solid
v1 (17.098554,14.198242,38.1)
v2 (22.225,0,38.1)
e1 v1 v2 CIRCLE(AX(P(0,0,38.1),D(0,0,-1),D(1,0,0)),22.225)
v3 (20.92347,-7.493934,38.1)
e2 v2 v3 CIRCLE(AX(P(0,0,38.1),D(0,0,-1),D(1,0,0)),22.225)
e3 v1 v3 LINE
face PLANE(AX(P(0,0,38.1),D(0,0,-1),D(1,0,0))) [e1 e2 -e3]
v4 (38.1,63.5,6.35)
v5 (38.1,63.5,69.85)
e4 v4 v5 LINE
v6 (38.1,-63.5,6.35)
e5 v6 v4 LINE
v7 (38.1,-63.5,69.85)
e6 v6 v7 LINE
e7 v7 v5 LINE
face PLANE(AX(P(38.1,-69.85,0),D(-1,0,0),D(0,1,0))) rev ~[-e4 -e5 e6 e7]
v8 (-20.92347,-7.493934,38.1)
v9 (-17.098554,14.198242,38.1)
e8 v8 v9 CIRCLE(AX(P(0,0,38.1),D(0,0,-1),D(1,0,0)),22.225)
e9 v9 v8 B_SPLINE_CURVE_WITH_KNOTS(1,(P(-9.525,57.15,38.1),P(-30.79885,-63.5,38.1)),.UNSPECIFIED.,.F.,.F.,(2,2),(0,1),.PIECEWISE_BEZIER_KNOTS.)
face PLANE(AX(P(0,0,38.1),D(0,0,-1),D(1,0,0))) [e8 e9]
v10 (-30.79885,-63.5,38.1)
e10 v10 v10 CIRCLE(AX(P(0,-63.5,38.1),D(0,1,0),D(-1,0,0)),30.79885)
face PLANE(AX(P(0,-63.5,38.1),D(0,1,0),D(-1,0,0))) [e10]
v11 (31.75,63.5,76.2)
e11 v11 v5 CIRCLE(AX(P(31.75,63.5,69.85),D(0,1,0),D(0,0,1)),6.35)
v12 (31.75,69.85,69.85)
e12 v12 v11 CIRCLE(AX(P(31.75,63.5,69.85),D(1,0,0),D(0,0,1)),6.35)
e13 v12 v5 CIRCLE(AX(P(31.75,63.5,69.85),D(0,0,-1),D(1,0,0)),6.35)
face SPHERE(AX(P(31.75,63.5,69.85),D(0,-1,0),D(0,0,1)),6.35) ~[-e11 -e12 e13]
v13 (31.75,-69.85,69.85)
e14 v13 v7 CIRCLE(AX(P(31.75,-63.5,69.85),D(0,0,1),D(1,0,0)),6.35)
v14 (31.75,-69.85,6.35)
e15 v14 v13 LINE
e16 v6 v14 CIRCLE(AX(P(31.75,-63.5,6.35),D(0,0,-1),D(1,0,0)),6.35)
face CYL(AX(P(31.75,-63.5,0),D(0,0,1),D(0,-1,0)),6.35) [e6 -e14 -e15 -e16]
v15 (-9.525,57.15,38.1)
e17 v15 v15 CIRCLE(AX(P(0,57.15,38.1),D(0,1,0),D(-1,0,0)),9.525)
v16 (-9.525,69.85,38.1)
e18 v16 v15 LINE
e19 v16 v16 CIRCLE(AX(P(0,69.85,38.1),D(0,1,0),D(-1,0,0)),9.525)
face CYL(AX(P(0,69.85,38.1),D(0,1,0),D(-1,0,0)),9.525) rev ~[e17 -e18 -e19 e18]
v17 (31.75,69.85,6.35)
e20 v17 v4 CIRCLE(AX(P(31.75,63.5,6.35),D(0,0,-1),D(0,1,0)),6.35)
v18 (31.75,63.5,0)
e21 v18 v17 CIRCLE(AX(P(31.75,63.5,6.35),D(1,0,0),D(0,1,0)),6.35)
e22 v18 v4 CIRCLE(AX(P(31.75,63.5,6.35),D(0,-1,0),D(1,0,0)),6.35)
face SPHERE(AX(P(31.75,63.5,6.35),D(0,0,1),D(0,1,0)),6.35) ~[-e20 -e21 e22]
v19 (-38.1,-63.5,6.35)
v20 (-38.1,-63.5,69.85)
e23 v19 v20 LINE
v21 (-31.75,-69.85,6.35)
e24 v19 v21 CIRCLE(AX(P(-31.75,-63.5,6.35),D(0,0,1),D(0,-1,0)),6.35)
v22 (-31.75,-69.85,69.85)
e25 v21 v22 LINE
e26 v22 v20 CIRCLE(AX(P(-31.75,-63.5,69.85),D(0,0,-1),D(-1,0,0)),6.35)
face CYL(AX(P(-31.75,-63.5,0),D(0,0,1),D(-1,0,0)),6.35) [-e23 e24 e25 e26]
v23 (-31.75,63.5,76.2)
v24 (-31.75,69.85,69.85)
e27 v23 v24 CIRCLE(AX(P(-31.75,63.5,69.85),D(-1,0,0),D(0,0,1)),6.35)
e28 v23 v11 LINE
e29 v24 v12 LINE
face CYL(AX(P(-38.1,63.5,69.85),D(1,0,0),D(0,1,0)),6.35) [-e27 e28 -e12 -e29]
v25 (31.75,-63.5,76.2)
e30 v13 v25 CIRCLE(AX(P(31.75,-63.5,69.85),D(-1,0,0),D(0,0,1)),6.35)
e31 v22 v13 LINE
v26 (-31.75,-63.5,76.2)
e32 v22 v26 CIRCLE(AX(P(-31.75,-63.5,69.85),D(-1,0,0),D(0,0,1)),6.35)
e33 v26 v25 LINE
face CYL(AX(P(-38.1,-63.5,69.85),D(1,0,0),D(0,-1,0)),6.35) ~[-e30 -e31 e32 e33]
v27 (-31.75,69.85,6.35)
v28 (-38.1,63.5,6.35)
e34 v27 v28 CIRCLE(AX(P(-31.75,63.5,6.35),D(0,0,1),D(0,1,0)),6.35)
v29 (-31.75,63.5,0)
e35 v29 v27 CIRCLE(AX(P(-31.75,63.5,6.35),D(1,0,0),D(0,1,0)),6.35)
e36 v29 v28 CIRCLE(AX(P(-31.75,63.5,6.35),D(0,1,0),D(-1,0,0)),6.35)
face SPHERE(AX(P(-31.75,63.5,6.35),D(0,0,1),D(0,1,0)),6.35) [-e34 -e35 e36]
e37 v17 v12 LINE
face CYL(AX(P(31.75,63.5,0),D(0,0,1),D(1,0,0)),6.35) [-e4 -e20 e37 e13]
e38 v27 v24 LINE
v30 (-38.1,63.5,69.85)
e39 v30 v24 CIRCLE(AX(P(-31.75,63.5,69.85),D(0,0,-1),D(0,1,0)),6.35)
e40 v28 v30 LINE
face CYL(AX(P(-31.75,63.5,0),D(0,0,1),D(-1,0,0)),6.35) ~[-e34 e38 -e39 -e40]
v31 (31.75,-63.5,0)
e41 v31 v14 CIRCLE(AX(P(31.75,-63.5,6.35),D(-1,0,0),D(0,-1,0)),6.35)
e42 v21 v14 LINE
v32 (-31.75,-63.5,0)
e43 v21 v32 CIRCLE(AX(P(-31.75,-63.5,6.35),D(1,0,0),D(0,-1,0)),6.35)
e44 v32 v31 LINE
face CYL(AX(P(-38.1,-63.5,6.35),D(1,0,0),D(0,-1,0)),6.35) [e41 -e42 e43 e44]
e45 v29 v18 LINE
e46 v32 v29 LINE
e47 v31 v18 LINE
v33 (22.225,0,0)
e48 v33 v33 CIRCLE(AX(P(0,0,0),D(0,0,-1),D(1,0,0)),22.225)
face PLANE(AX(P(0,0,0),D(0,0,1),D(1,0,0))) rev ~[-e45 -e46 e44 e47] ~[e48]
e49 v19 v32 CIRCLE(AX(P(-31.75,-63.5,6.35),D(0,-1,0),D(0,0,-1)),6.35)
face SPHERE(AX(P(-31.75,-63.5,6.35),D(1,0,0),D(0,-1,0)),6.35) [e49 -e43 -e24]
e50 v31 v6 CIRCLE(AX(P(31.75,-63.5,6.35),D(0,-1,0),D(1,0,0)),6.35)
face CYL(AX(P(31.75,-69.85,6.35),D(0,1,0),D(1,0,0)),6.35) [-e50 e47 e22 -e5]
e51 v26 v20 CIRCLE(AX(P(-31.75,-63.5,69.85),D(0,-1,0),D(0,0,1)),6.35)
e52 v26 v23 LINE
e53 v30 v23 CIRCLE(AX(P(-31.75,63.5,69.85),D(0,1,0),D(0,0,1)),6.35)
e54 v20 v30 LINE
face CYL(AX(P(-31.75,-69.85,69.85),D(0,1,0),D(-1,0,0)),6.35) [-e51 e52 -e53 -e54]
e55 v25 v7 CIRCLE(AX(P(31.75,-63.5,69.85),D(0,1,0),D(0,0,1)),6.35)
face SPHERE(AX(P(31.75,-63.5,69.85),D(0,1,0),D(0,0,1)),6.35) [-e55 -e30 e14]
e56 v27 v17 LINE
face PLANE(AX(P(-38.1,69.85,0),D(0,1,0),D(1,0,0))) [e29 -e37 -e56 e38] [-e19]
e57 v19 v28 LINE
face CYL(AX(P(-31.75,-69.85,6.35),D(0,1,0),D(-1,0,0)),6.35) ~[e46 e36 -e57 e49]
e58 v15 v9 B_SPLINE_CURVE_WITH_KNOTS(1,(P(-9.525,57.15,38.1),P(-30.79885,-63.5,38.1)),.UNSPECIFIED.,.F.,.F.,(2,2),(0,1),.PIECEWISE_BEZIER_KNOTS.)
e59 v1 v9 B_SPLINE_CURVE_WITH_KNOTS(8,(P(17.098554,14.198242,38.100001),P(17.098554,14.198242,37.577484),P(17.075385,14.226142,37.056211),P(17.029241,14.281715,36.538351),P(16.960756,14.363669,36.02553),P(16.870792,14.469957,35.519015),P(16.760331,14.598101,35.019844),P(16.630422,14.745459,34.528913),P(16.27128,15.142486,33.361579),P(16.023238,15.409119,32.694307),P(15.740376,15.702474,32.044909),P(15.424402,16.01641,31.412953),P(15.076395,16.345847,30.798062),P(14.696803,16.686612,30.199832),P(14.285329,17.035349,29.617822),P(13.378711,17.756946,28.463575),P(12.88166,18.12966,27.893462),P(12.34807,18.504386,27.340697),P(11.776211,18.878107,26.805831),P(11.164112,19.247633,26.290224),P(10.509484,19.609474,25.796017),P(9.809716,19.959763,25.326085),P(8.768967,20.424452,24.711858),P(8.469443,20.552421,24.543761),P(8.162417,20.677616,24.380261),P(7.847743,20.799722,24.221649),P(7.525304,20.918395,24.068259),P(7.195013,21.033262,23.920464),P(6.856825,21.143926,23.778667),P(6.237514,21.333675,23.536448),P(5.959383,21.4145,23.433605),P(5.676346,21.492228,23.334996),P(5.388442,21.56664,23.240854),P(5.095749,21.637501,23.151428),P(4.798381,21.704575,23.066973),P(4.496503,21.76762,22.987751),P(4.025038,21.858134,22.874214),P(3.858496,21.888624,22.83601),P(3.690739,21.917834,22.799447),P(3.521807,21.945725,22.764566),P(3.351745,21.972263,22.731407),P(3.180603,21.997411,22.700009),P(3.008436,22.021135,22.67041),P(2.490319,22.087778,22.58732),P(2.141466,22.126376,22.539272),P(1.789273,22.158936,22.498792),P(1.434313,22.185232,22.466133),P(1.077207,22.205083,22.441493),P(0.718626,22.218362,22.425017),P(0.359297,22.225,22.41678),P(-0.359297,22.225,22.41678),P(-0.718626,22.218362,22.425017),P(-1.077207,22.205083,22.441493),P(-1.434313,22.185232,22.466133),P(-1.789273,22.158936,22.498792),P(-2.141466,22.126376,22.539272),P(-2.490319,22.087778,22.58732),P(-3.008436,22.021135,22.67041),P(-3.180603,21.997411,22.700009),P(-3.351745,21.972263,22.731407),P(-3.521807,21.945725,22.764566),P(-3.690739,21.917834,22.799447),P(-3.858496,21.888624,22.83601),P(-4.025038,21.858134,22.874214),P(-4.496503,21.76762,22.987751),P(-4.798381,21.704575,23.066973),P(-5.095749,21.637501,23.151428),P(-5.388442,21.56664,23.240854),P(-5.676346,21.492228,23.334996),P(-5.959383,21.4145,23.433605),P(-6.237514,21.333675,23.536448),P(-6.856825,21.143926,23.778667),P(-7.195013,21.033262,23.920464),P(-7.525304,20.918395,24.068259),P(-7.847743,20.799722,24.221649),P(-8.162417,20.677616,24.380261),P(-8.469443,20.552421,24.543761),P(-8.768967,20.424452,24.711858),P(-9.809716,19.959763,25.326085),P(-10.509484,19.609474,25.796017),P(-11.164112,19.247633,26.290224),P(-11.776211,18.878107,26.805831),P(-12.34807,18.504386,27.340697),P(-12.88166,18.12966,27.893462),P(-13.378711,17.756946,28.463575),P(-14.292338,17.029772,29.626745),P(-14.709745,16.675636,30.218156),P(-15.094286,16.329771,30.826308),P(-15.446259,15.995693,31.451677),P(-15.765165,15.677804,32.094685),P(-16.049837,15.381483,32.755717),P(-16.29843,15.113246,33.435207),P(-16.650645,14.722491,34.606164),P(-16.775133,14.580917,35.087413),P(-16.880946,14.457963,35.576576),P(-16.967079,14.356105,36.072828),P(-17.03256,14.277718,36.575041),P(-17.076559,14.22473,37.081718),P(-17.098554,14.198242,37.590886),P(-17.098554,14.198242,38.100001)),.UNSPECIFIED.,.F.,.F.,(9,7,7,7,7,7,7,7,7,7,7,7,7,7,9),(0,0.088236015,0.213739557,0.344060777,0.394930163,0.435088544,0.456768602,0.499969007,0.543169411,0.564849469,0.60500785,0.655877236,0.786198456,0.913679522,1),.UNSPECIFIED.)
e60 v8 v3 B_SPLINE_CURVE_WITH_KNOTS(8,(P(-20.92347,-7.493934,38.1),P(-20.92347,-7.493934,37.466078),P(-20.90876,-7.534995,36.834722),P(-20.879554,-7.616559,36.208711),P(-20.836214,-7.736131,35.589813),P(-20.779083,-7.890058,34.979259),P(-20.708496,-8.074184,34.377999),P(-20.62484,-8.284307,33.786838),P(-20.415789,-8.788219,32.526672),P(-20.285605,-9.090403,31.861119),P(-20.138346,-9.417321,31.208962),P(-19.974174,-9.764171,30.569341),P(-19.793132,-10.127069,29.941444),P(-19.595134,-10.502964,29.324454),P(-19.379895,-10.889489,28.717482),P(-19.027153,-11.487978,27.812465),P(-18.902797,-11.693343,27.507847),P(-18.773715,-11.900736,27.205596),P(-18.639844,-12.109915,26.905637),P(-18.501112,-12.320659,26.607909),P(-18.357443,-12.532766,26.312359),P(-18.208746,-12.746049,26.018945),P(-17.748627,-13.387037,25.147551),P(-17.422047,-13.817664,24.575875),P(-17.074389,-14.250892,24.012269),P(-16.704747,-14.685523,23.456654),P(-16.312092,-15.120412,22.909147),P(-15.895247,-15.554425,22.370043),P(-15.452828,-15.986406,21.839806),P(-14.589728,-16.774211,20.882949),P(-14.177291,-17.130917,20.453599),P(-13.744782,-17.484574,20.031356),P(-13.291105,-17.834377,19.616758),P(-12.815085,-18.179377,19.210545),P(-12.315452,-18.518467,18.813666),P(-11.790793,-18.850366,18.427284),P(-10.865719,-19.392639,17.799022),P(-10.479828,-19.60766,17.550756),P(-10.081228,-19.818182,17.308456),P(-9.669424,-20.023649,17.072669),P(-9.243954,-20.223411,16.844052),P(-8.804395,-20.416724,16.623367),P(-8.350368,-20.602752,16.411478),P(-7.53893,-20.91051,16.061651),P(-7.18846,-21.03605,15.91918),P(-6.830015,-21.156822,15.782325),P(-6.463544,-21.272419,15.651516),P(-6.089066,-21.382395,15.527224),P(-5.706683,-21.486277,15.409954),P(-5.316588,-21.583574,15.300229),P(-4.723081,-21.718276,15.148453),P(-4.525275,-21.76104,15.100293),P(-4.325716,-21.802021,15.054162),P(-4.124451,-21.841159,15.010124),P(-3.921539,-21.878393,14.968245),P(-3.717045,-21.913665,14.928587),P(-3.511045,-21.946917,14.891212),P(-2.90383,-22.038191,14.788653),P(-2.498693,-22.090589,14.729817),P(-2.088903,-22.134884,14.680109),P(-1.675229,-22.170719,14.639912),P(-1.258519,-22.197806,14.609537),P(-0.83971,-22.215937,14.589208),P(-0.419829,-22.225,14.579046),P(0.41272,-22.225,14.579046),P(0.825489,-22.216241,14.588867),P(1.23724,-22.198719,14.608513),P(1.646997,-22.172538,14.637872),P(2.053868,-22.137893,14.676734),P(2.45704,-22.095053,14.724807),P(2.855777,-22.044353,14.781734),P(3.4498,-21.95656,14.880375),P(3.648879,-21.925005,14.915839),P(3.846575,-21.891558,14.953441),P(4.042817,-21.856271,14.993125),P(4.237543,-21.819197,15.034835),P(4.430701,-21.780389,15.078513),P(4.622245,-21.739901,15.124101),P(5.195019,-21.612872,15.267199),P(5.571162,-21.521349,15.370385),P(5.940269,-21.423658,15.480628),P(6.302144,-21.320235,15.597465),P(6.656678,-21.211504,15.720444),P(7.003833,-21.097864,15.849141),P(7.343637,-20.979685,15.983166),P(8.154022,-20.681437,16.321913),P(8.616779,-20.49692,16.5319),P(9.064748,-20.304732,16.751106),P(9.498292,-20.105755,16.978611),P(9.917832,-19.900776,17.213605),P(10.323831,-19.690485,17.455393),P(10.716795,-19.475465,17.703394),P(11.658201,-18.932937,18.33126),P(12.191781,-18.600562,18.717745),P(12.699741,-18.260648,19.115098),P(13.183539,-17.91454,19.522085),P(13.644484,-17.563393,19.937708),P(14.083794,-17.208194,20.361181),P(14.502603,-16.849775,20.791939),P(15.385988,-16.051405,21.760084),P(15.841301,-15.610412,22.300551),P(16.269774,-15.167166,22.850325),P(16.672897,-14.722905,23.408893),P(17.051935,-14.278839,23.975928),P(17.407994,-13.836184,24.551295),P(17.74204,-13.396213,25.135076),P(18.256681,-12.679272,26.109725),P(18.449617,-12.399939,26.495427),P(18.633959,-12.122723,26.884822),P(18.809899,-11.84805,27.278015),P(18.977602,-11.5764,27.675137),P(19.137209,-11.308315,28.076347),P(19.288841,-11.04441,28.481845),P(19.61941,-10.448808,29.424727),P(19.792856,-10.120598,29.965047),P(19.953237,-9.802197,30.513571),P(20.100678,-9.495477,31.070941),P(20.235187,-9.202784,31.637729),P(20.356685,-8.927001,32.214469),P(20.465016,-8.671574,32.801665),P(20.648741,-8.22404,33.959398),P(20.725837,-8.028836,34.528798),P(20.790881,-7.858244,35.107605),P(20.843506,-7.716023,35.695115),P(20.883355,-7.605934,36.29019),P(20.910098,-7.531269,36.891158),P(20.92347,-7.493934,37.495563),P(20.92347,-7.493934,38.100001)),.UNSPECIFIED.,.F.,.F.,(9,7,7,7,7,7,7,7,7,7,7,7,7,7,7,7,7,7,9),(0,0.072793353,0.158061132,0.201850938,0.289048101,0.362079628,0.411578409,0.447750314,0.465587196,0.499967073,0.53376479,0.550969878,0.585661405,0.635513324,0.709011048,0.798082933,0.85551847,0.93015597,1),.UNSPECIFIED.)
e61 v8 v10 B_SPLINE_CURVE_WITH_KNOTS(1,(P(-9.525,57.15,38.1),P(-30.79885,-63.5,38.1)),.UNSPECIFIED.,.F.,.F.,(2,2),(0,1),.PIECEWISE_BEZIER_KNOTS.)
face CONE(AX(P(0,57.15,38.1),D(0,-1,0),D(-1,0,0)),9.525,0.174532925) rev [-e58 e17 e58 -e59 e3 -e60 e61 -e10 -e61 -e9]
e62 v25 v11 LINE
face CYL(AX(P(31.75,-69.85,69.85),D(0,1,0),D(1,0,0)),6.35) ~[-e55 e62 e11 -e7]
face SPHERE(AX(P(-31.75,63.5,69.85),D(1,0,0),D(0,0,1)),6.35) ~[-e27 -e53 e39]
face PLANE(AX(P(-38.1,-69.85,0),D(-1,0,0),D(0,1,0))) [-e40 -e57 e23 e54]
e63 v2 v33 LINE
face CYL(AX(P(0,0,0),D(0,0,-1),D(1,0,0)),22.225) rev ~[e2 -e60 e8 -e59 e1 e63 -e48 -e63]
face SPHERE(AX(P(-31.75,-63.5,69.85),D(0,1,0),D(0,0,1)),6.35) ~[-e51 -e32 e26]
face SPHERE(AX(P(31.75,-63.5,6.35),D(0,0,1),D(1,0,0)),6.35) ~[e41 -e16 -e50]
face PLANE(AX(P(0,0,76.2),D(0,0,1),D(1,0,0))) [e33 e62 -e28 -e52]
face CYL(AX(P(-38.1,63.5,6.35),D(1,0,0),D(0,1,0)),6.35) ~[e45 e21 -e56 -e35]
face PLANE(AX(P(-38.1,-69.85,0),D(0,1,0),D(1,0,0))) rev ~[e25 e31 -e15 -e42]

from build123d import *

# Parameters (mm, degrees)
F0_W      = 76.2
F0_H      = 139.7
F1_DEPTH  = 76.2
F3_R      = 6.35
F2_R      = 22.225
F4_DEPTH  = 12.7
F6_R      = 9.525
F7_DEPTH  = 12.7
F8_R      = 9.525
F9_DEPTH  = 120.65
F9_TAPER  = -10
F5_R      = 22.225
F10_DEPTH = 25.4


with BuildPart() as f1:
    # F0 (on Top) → F1 (new body)
    with BuildSketch(Plane.XY):
        Rectangle(F0_W, F0_H)
    extrude(amount=F1_DEPTH)

    # F3
    f3_edges = [f1.edges().sort_by_distance(p)[0] for p in [
        (38.1, 0, 76.2),
        (0, 69.85, 76.2),
        (-38.1, 0, 76.2),
        (0, -69.85, 76.2),
        (38.1, 69.85, 38.1),
        (-38.1, 69.85, 38.1),
        (0, 69.85, 0),
        (38.1, -69.85, 38.1),
        (38.1, 0, 0),
        (0, -69.85, 0),
        (-38.1, -69.85, 38.1),
        (-38.1, 0, 0),
    ]]
    fillet(f3_edges, radius=F3_R)

    # F2 (on face) → F4 (cut)
    with BuildSketch(Plane(origin=(0, 0, 0), x_dir=(1, 0, 0), z_dir=(0, 0, -1))):
        Circle(F2_R)
    extrude(amount=-F4_DEPTH, mode=Mode.SUBTRACT)

    # F6 (on face) → F7 (cut)
    with BuildSketch(Plane(origin=(0, 69.85, 0), x_dir=(-1, 0, 0), z_dir=(0, 1, 0))):
        with Locations((0, 38.1)):
            Circle(F6_R)
    extrude(amount=-F7_DEPTH, mode=Mode.SUBTRACT)

    # F8 (on face) → F9 (cut)
    with BuildSketch(Plane(origin=(0, 57.15, 0), x_dir=(-1, 0, 0), z_dir=(0, 1, 0))):
        with Locations((0, 38.1)):
            Circle(F8_R)
    extrude(amount=-F9_DEPTH, taper=F9_TAPER, mode=Mode.SUBTRACT)

    # F5 (on face) → F10 (cut)
    with BuildSketch(Plane(origin=(0, 0, 12.7), x_dir=(1, 0, 0), z_dir=(0, 0, -1))):
        Circle(F5_R)
    extrude(amount=-F10_DEPTH, mode=Mode.SUBTRACT)


solid = f1.part
